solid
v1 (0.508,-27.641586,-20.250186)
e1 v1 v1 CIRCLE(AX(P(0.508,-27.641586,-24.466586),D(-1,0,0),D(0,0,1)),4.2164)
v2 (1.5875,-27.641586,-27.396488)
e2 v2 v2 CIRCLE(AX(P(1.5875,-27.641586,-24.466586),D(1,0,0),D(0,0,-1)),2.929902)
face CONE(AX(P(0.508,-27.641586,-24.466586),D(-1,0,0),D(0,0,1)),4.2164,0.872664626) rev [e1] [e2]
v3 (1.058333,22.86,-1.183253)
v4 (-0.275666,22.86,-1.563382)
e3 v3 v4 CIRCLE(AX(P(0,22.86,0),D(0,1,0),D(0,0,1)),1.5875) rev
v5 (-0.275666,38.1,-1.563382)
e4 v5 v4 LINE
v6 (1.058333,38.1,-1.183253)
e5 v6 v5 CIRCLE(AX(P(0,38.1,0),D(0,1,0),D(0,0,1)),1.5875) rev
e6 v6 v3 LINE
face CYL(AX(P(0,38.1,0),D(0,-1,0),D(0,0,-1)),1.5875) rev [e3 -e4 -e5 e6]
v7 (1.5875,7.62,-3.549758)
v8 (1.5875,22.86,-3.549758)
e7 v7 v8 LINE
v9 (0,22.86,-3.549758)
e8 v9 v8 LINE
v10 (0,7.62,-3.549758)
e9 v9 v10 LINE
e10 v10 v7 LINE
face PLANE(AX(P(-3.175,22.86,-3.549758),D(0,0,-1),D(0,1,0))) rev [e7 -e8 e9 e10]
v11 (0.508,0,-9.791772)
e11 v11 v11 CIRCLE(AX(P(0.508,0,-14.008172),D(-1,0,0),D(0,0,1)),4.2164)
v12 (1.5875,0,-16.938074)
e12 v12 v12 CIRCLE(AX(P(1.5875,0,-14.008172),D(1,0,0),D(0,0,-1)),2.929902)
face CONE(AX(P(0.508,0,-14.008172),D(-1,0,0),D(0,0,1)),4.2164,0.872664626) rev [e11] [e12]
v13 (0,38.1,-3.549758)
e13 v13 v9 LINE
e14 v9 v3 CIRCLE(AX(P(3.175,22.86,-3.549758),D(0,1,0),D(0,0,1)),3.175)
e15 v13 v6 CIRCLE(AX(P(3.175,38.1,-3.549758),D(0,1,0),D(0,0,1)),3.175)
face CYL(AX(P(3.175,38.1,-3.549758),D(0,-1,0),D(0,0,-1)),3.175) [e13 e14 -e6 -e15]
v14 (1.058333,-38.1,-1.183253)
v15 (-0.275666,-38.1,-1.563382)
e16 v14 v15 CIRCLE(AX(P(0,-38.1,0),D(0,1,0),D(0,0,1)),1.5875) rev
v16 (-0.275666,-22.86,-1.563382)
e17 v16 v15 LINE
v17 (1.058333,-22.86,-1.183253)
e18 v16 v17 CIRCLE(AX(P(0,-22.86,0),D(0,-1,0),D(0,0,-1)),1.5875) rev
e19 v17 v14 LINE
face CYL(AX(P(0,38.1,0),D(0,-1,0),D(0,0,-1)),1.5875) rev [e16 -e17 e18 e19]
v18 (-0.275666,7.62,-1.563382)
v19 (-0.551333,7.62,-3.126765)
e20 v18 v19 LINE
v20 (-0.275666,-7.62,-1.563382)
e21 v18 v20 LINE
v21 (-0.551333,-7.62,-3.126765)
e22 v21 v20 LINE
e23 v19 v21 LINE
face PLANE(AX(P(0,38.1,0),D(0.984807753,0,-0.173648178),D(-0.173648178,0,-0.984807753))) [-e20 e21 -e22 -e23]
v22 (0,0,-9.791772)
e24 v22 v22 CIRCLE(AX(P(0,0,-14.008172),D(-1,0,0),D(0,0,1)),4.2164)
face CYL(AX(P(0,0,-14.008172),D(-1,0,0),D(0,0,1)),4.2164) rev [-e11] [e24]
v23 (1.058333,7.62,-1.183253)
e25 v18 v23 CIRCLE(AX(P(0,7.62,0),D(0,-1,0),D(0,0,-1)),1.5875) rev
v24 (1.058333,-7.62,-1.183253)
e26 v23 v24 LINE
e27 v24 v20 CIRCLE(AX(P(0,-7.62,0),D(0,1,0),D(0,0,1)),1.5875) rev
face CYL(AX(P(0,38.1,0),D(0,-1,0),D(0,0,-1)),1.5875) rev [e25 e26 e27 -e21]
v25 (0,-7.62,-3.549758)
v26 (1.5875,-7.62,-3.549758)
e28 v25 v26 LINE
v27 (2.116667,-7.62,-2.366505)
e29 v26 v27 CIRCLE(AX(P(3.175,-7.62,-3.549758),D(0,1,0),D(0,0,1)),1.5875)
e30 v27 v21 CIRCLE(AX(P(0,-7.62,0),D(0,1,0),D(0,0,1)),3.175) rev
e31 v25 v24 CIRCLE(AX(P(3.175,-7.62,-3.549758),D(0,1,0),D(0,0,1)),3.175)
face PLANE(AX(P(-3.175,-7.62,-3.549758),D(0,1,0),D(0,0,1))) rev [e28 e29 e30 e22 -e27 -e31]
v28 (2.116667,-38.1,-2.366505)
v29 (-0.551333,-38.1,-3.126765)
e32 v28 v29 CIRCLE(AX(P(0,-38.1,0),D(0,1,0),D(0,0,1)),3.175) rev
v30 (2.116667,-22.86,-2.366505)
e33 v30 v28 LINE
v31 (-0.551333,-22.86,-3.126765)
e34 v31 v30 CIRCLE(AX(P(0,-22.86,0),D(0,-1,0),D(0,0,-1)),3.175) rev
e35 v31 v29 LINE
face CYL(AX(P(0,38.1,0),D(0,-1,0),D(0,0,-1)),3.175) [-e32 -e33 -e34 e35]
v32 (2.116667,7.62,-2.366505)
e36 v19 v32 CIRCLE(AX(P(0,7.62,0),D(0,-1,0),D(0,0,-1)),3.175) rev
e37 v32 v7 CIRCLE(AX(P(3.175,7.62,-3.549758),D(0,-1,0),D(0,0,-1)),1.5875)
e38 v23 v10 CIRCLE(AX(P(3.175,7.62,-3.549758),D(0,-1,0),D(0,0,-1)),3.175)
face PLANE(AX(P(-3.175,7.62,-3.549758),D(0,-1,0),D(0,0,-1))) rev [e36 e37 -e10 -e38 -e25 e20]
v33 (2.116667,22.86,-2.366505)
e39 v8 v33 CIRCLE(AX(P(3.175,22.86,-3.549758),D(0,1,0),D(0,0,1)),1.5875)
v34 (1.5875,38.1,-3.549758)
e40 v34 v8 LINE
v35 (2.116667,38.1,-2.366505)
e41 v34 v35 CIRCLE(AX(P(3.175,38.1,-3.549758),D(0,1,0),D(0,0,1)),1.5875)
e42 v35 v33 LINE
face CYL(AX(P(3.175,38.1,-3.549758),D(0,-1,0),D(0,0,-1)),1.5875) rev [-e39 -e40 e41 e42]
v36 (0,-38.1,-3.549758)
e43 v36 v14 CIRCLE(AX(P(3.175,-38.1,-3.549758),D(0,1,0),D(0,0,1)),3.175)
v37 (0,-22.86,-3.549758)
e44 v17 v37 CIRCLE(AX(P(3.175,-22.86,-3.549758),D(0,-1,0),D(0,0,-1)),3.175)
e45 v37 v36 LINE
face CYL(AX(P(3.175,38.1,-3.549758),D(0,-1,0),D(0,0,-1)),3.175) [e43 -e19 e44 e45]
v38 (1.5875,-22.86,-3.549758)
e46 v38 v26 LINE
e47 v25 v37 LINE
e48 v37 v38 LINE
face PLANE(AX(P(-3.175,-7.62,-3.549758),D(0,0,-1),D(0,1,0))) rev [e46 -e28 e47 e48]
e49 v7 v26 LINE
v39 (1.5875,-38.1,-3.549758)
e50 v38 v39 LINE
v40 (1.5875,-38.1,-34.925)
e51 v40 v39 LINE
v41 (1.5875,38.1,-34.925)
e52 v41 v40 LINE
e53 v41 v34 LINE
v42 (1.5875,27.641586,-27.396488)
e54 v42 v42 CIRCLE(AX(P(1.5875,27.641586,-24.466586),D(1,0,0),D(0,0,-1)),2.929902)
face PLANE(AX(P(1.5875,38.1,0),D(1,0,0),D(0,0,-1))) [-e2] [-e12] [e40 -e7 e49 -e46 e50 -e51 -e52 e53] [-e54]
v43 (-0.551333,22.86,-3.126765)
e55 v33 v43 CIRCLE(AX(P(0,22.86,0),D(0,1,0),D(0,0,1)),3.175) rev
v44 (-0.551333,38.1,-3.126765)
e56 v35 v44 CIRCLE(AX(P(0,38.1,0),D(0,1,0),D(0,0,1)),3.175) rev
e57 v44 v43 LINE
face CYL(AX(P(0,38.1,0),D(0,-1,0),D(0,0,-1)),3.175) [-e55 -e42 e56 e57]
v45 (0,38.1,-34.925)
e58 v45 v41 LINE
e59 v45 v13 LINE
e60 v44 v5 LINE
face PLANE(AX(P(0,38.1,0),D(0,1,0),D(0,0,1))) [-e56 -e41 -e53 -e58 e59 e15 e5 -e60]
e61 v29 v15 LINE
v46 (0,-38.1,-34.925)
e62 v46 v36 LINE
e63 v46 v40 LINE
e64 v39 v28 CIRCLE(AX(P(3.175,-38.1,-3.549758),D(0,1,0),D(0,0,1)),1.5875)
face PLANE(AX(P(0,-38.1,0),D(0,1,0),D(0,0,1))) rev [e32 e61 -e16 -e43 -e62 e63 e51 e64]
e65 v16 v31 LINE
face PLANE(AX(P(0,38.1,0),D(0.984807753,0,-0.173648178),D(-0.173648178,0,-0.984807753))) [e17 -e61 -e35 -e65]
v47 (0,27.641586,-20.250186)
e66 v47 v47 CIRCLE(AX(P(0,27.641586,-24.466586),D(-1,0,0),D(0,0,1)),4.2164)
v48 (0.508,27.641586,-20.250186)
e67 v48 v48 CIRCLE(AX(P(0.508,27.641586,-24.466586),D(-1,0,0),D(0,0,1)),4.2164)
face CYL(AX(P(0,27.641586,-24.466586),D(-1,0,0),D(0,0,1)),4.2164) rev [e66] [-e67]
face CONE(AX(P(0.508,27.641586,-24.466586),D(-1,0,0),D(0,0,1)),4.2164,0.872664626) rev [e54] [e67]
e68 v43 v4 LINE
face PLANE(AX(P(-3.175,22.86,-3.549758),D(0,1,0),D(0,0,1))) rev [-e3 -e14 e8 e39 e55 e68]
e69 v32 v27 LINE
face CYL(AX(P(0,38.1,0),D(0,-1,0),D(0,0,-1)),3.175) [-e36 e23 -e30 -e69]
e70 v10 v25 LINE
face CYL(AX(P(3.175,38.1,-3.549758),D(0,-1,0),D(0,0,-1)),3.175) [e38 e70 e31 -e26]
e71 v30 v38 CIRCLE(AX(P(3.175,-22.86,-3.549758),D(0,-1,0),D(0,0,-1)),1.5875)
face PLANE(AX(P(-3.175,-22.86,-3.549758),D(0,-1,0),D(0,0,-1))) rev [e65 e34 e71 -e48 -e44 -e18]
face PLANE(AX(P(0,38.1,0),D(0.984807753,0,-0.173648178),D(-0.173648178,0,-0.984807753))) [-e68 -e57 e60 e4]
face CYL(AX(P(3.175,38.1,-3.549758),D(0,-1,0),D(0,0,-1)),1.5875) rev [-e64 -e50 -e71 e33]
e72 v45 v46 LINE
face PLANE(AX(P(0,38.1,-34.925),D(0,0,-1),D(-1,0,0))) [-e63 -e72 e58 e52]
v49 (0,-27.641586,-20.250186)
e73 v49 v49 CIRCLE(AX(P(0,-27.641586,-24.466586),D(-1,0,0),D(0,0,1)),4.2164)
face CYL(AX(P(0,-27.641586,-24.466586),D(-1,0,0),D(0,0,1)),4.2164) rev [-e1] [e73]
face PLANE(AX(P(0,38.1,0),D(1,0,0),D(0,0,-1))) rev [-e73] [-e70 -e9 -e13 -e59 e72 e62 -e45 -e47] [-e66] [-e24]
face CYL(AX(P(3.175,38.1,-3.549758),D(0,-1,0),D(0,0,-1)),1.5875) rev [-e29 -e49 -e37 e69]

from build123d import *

# Parameters (mm, degrees)
BOSS_EXTRUDE1_DEPTH                       = 38.1
SKETCH3_W                                 = 6.724757914
SKETCH3_H                                 = 15.24
CUT_EXTRUDE1_DEPTH                        = 4.175
CUT_EXTRUDE1_DEPTH_BACK                   = 4.175
CSK_FOR_8_FLAT_HEAD_MACHINE_SCREW_2_COUNT = 2
CSK_FOR_8_FLAT_HEAD_MACHINE_SCREW_2_PITCH = 29.553945574
CSK_FOR_8_FLAT_HEAD_MACHINE_SCREW_3_COUNT = 2
CSK_FOR_8_FLAT_HEAD_MACHINE_SCREW_3_PITCH = 55.283171943


with BuildPart() as part:
    # Sketch2 → Boss-Extrude1 (new body, symmetric)
    with BuildSketch(Plane(origin=(0, 0, 0), x_dir=(1, 0, 0), z_dir=(0, 1, 0))):
        with BuildLine():
            Line((1.5875, 34.925), (0, 34.925))
            Line((0, 34.925), (0, 3.549757914))
            ThreePointArc((0, 3.549757914), (0.2766348, 2.253569592), (1.058333333, 1.183252638))
            ThreePointArc((1.058333333, 1.183252638), (-0.435047689, -1.526725175), (-0.275666482, 1.563382308))
            Line((-0.275666482, 1.563382308), (-0.551332964, 3.126764616))
            ThreePointArc((-0.551332964, 3.126764616), (-0.870095378, -3.053450349), (2.116666667, 2.366505276))
            ThreePointArc((2.116666667, 2.366505276), (1.7258174, 2.901663753), (1.5875, 3.549757914))
            Line((1.5875, 3.549757914), (1.5875, 34.925))
        make_face()
    extrude(amount=BOSS_EXTRUDE1_DEPTH, both=True)

    # Sketch3 → Cut-Extrude1 (cut, two sides)
    with BuildSketch(Plane(origin=(0, 0, 0), x_dir=(0, 0, -1), z_dir=(1, 0, 0))) as cut_extrude1_sk:
        with Locations((0.187378957, 15.24)):
            Rectangle(SKETCH3_W, SKETCH3_H)
        with Locations((0.187378957, -15.24)):
            Rectangle(SKETCH3_W, SKETCH3_H)
    extrude(amount=CUT_EXTRUDE1_DEPTH, mode=Mode.SUBTRACT)
    extrude(cut_extrude1_sk.sketch, amount=-CUT_EXTRUDE1_DEPTH_BACK, mode=Mode.SUBTRACT)

    # Sketch4 → CSK for #8 Flat Head Machine Screw (100)1 (revolve, cut)
    with BuildSketch(Plane(origin=(0, -27.641585971, -24.466585971), x_dir=(0, 0, 1), z_dir=(0, 1, 0))):
        Polygon((0, 0), (0, 3.175), (2.2479, 3.175), (2.2479, 2.159767624), (4.2164, 0.508), (4.2164, 0), align=None)
    csk_for_8_flat_head_machine_screw_100 = revolve(axis=Axis((-6.35, -27.641585971, -24.466585971), (1, 0, 0)), mode=Mode.SUBTRACT)

    # CSK for _8 Flat Head Machine Screw _ 2: CSK for #8 Flat Head Machine Screw (100)1 ×2
    with Locations(*[Vector(0, 0.935292579, 0.35387539) * (i * CSK_FOR_8_FLAT_HEAD_MACHINE_SCREW_2_PITCH) for i in range(1, CSK_FOR_8_FLAT_HEAD_MACHINE_SCREW_2_COUNT)]):
        add(csk_for_8_flat_head_machine_screw_100, mode=Mode.SUBTRACT)

    # CSK for _8 Flat Head Machine Screw _ 3: CSK for #8 Flat Head Machine Screw (100)1 ×2
    with Locations(*[(0, i * CSK_FOR_8_FLAT_HEAD_MACHINE_SCREW_3_PITCH, 0) for i in range(1, CSK_FOR_8_FLAT_HEAD_MACHINE_SCREW_3_COUNT)]):
        add(csk_for_8_flat_head_machine_screw_100, mode=Mode.SUBTRACT)


solid = part.part
